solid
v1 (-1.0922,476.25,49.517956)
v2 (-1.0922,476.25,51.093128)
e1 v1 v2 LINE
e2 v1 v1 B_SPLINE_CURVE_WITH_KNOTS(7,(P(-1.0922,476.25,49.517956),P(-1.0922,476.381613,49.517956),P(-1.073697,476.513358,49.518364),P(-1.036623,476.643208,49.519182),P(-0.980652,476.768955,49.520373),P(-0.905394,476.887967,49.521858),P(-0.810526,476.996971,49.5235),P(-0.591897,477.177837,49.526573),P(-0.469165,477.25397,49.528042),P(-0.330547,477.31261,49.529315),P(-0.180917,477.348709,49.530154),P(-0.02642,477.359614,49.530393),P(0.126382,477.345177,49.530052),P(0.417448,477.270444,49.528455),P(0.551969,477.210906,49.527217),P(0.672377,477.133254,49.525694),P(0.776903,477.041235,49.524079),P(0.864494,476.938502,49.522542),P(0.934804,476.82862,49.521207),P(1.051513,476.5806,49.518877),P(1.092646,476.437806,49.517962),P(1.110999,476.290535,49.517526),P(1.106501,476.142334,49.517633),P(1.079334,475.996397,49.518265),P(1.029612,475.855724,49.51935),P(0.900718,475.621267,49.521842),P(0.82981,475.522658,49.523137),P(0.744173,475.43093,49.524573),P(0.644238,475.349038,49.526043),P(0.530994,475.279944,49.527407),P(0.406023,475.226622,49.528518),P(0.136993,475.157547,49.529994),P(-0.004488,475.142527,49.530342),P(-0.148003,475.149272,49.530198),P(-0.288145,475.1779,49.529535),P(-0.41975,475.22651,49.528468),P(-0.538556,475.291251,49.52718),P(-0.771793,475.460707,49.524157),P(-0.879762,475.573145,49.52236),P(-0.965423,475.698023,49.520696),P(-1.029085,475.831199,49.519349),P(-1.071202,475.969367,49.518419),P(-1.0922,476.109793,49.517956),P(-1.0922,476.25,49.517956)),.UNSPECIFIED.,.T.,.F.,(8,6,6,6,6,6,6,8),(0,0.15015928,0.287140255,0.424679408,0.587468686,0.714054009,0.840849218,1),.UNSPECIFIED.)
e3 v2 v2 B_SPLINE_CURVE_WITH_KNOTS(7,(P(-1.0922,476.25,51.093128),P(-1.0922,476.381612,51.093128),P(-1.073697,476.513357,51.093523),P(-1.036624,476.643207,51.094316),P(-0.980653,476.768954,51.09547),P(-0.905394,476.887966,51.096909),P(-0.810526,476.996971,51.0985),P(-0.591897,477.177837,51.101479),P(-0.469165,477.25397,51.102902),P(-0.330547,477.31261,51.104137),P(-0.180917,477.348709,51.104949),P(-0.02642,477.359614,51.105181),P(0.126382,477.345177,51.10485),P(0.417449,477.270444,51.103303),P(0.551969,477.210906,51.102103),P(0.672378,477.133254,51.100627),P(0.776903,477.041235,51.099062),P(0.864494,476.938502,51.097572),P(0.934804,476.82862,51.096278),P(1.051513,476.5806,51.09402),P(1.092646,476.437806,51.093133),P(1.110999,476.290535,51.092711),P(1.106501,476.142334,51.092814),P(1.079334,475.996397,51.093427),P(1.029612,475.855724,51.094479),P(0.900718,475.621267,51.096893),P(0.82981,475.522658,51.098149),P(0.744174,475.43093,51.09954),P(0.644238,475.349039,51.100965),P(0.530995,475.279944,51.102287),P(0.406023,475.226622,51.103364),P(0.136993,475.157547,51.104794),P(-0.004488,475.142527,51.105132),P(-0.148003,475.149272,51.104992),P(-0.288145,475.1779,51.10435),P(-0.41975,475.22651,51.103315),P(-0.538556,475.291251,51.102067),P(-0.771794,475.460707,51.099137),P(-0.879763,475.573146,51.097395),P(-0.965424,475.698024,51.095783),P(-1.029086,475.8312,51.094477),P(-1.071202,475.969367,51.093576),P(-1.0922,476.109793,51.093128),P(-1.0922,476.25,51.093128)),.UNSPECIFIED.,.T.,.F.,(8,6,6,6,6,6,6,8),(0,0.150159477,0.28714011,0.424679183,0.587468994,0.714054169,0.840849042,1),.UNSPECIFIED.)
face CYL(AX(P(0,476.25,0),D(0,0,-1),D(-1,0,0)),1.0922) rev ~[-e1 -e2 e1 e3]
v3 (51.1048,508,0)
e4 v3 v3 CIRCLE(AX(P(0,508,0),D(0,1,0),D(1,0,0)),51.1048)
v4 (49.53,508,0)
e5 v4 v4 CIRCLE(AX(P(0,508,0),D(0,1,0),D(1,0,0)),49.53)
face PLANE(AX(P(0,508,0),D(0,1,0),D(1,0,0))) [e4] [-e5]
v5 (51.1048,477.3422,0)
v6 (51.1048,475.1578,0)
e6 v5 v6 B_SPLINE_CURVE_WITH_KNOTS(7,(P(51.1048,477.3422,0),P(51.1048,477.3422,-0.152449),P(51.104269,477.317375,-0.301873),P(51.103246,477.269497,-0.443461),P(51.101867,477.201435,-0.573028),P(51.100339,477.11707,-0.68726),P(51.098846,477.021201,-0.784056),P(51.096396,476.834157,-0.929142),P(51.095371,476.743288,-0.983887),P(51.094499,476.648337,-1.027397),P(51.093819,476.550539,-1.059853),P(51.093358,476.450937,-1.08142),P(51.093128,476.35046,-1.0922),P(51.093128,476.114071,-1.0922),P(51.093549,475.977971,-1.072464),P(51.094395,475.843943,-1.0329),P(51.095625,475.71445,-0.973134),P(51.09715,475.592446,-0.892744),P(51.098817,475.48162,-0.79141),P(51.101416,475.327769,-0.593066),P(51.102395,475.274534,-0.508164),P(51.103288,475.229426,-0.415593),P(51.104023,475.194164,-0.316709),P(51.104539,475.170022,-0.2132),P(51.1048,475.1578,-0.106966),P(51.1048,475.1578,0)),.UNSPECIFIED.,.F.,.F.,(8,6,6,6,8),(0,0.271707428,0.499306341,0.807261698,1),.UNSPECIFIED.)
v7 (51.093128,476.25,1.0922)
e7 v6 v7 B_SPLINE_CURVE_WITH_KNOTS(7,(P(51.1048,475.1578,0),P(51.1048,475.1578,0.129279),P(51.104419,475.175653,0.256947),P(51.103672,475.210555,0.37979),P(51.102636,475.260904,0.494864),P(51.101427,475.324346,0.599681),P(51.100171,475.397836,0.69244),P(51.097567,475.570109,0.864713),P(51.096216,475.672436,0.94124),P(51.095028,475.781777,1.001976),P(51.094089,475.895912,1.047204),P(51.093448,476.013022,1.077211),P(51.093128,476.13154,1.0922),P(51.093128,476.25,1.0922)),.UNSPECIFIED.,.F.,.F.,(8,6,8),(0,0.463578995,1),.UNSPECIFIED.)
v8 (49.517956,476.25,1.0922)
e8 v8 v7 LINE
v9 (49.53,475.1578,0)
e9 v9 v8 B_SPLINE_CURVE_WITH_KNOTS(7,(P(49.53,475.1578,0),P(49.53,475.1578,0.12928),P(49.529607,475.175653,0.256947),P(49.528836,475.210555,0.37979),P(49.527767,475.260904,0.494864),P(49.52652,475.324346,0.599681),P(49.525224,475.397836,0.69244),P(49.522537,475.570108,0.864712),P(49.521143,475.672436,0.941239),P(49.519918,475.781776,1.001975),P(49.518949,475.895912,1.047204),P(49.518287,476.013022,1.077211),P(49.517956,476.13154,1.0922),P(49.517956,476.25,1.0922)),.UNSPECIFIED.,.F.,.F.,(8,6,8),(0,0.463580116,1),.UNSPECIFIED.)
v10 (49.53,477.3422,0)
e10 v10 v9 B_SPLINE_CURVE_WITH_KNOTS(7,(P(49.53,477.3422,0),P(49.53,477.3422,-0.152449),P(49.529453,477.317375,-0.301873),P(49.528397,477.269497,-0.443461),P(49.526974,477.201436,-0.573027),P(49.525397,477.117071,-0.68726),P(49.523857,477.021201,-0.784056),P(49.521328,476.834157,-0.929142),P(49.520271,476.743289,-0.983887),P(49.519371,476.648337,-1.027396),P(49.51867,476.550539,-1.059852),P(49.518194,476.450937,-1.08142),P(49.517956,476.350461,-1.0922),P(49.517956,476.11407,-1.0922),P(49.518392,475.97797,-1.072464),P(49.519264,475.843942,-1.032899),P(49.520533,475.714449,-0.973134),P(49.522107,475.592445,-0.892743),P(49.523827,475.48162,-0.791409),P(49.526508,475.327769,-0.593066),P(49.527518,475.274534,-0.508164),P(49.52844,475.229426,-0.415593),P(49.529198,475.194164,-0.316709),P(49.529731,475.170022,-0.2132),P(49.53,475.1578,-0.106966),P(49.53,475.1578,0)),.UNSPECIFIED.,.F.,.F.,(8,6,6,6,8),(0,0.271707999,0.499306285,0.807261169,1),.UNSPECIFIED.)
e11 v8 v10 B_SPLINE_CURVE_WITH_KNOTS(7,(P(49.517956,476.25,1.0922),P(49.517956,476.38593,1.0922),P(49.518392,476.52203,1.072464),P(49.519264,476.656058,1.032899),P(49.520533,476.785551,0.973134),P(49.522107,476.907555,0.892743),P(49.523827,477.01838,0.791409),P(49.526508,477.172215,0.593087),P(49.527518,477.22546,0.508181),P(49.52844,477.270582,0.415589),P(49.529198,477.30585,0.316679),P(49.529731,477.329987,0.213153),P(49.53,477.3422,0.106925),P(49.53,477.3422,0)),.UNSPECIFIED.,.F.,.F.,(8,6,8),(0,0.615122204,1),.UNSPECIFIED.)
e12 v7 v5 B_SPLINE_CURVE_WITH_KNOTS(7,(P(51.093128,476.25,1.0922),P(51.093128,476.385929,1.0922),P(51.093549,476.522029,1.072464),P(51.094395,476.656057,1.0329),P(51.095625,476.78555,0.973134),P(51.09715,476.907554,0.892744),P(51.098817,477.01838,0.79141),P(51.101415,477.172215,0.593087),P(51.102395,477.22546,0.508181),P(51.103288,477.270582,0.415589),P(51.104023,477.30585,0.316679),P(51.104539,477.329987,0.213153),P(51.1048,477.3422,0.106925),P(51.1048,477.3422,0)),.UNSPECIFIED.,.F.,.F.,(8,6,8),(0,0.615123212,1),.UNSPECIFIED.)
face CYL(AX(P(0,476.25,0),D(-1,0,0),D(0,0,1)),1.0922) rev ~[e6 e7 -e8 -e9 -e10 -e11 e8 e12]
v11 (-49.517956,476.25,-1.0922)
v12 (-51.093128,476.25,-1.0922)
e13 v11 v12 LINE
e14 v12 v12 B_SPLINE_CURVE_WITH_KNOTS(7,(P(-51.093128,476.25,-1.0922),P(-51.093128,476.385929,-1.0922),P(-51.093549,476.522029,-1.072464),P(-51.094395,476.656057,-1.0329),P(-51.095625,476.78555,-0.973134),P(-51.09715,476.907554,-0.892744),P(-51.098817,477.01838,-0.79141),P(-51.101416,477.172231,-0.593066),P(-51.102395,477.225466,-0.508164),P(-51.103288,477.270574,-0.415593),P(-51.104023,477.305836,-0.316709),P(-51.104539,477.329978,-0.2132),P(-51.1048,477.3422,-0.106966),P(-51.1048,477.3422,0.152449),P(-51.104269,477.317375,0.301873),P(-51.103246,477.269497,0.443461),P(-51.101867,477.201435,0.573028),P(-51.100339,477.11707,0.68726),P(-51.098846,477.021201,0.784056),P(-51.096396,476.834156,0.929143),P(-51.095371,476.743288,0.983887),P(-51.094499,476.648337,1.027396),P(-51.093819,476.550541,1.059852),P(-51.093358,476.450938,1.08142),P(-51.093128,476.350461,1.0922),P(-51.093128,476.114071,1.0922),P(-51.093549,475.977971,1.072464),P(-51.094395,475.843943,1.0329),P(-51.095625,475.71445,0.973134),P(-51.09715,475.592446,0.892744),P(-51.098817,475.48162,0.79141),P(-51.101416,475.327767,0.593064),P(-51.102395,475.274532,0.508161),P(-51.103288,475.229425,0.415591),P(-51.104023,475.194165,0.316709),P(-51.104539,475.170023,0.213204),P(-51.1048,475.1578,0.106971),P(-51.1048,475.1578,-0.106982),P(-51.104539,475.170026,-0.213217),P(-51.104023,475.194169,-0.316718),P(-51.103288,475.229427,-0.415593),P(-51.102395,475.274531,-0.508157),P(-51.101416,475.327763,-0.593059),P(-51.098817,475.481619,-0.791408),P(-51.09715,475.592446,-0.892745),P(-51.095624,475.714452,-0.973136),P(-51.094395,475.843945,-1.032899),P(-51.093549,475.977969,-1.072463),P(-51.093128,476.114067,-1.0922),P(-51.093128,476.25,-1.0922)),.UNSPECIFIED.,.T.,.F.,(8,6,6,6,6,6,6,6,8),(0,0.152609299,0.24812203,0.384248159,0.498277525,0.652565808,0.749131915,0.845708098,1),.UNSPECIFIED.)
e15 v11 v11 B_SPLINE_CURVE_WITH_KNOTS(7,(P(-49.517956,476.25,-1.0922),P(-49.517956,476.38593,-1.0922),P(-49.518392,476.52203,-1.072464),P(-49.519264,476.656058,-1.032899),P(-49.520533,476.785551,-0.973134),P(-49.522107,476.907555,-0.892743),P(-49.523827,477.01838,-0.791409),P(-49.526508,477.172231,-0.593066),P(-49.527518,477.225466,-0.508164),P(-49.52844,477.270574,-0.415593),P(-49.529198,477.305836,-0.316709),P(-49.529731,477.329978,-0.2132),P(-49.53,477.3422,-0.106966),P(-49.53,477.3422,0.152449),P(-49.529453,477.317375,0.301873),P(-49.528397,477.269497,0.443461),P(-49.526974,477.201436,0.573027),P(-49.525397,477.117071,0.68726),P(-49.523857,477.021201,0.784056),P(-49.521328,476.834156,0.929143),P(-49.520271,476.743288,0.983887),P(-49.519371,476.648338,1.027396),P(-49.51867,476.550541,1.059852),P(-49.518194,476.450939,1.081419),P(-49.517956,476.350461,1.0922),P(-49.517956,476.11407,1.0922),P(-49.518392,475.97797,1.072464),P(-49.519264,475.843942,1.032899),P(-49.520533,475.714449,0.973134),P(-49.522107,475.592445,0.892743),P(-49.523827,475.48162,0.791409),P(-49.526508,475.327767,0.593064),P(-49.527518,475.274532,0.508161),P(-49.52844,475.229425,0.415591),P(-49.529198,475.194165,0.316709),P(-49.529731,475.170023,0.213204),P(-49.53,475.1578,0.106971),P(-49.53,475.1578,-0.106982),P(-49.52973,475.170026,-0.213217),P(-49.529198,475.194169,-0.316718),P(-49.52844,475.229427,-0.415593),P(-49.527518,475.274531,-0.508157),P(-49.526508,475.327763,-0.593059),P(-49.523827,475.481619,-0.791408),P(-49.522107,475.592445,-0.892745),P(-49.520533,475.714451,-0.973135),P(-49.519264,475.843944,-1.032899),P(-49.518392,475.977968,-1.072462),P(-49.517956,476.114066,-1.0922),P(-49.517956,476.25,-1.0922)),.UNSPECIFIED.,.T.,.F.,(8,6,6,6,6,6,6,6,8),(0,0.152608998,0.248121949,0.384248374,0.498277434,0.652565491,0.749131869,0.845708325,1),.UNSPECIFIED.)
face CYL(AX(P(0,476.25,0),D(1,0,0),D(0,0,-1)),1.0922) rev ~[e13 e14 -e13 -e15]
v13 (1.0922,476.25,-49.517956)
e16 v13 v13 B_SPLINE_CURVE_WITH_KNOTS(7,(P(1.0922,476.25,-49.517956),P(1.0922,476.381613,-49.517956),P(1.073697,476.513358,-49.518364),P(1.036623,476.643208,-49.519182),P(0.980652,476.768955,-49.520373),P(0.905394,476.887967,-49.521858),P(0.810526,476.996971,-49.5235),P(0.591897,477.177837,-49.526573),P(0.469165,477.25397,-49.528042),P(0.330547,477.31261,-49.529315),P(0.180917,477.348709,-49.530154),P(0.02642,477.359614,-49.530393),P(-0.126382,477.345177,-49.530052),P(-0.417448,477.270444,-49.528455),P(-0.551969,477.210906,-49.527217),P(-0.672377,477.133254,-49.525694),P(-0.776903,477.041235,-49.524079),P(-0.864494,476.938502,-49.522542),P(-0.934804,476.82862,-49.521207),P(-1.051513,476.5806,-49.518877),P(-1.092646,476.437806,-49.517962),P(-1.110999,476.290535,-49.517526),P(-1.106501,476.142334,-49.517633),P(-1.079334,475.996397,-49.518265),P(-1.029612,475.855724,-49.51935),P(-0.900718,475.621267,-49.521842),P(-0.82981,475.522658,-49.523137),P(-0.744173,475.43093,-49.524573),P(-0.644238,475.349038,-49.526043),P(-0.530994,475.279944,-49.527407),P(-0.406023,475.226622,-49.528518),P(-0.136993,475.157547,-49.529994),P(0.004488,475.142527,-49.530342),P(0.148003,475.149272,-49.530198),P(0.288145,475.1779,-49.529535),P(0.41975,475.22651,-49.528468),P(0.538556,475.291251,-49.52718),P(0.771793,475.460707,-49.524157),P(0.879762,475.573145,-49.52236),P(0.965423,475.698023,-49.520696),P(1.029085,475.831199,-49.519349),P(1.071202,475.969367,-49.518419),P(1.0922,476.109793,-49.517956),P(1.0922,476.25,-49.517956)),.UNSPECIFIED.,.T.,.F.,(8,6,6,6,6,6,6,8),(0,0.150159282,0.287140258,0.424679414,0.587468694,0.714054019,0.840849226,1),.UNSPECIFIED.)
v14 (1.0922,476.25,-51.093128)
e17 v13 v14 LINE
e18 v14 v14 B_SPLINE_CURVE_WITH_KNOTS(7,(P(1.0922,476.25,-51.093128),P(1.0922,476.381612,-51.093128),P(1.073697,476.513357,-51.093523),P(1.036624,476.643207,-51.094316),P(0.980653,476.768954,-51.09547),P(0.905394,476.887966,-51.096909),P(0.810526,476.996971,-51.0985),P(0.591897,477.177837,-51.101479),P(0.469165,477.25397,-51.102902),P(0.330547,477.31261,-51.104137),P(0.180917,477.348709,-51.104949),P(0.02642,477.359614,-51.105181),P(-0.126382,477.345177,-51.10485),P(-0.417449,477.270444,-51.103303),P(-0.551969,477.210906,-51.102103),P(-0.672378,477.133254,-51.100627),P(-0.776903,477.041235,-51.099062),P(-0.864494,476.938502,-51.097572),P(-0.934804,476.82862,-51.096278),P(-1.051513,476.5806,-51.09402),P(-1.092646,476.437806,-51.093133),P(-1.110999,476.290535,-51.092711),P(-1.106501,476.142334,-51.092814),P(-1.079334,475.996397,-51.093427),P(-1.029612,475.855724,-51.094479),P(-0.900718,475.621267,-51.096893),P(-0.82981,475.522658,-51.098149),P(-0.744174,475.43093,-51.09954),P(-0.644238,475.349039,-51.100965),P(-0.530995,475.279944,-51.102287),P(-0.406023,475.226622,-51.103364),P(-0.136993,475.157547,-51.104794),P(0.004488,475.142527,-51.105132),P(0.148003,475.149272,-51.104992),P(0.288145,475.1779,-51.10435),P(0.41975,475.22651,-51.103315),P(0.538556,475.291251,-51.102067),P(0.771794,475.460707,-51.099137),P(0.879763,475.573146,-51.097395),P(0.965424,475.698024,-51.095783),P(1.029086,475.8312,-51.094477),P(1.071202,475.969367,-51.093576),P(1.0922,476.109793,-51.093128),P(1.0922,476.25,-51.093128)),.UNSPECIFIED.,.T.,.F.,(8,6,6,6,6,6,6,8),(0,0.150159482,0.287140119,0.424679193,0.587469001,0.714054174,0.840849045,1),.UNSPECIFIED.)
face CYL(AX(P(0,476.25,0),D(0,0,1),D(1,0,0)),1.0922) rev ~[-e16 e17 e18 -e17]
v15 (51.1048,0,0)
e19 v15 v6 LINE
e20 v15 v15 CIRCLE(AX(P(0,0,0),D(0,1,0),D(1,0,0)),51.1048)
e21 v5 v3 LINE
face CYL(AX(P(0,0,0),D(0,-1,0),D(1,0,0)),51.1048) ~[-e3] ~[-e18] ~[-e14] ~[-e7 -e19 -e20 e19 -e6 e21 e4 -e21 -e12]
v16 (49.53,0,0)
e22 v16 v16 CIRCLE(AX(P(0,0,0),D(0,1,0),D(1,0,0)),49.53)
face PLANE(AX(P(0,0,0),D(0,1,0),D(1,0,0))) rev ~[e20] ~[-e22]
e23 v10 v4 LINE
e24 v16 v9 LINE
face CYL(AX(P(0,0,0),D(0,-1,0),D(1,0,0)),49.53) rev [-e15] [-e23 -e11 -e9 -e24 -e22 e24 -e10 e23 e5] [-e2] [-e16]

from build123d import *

# Parameters (mm, degrees)
SKETCH1_R           = 51.1048
SKETCH1_R_2         = 49.53
BOSS_EXTRUDE1_DEPTH = 508
SKETCH2_R           = 1.0922
CUT_EXTRUDE1_DEPTH  = 52.1048
CIRPATTERN2_COUNT   = 4


with BuildPart() as part:
    # Sketch1 → Boss-Extrude1 (new body)
    with BuildSketch(Plane(origin=(0, 0, 0), x_dir=(1, 0, 0), z_dir=(0, 1, 0))):
        Circle(SKETCH1_R)
        Circle(SKETCH1_R_2, mode=Mode.SUBTRACT)
    extrude(amount=BOSS_EXTRUDE1_DEPTH)

    # Sketch2 → Cut-Extrude1 (cut, through all)
    with BuildSketch(Plane.XY):
        with Locations((0, 476.25)):
            Circle(SKETCH2_R)
    cut_extrude1 = extrude(amount=-CUT_EXTRUDE1_DEPTH, mode=Mode.SUBTRACT)

    # CirPattern2: Cut-Extrude1 ×4 about axis
    cirpattern2_axis = Axis((0, 508, 0), (0, -1, 0))
    for i in range(1, CIRPATTERN2_COUNT):
        add(cut_extrude1.rotate(cirpattern2_axis, i * 360 / CIRPATTERN2_COUNT), mode=Mode.SUBTRACT)


solid = part.part
